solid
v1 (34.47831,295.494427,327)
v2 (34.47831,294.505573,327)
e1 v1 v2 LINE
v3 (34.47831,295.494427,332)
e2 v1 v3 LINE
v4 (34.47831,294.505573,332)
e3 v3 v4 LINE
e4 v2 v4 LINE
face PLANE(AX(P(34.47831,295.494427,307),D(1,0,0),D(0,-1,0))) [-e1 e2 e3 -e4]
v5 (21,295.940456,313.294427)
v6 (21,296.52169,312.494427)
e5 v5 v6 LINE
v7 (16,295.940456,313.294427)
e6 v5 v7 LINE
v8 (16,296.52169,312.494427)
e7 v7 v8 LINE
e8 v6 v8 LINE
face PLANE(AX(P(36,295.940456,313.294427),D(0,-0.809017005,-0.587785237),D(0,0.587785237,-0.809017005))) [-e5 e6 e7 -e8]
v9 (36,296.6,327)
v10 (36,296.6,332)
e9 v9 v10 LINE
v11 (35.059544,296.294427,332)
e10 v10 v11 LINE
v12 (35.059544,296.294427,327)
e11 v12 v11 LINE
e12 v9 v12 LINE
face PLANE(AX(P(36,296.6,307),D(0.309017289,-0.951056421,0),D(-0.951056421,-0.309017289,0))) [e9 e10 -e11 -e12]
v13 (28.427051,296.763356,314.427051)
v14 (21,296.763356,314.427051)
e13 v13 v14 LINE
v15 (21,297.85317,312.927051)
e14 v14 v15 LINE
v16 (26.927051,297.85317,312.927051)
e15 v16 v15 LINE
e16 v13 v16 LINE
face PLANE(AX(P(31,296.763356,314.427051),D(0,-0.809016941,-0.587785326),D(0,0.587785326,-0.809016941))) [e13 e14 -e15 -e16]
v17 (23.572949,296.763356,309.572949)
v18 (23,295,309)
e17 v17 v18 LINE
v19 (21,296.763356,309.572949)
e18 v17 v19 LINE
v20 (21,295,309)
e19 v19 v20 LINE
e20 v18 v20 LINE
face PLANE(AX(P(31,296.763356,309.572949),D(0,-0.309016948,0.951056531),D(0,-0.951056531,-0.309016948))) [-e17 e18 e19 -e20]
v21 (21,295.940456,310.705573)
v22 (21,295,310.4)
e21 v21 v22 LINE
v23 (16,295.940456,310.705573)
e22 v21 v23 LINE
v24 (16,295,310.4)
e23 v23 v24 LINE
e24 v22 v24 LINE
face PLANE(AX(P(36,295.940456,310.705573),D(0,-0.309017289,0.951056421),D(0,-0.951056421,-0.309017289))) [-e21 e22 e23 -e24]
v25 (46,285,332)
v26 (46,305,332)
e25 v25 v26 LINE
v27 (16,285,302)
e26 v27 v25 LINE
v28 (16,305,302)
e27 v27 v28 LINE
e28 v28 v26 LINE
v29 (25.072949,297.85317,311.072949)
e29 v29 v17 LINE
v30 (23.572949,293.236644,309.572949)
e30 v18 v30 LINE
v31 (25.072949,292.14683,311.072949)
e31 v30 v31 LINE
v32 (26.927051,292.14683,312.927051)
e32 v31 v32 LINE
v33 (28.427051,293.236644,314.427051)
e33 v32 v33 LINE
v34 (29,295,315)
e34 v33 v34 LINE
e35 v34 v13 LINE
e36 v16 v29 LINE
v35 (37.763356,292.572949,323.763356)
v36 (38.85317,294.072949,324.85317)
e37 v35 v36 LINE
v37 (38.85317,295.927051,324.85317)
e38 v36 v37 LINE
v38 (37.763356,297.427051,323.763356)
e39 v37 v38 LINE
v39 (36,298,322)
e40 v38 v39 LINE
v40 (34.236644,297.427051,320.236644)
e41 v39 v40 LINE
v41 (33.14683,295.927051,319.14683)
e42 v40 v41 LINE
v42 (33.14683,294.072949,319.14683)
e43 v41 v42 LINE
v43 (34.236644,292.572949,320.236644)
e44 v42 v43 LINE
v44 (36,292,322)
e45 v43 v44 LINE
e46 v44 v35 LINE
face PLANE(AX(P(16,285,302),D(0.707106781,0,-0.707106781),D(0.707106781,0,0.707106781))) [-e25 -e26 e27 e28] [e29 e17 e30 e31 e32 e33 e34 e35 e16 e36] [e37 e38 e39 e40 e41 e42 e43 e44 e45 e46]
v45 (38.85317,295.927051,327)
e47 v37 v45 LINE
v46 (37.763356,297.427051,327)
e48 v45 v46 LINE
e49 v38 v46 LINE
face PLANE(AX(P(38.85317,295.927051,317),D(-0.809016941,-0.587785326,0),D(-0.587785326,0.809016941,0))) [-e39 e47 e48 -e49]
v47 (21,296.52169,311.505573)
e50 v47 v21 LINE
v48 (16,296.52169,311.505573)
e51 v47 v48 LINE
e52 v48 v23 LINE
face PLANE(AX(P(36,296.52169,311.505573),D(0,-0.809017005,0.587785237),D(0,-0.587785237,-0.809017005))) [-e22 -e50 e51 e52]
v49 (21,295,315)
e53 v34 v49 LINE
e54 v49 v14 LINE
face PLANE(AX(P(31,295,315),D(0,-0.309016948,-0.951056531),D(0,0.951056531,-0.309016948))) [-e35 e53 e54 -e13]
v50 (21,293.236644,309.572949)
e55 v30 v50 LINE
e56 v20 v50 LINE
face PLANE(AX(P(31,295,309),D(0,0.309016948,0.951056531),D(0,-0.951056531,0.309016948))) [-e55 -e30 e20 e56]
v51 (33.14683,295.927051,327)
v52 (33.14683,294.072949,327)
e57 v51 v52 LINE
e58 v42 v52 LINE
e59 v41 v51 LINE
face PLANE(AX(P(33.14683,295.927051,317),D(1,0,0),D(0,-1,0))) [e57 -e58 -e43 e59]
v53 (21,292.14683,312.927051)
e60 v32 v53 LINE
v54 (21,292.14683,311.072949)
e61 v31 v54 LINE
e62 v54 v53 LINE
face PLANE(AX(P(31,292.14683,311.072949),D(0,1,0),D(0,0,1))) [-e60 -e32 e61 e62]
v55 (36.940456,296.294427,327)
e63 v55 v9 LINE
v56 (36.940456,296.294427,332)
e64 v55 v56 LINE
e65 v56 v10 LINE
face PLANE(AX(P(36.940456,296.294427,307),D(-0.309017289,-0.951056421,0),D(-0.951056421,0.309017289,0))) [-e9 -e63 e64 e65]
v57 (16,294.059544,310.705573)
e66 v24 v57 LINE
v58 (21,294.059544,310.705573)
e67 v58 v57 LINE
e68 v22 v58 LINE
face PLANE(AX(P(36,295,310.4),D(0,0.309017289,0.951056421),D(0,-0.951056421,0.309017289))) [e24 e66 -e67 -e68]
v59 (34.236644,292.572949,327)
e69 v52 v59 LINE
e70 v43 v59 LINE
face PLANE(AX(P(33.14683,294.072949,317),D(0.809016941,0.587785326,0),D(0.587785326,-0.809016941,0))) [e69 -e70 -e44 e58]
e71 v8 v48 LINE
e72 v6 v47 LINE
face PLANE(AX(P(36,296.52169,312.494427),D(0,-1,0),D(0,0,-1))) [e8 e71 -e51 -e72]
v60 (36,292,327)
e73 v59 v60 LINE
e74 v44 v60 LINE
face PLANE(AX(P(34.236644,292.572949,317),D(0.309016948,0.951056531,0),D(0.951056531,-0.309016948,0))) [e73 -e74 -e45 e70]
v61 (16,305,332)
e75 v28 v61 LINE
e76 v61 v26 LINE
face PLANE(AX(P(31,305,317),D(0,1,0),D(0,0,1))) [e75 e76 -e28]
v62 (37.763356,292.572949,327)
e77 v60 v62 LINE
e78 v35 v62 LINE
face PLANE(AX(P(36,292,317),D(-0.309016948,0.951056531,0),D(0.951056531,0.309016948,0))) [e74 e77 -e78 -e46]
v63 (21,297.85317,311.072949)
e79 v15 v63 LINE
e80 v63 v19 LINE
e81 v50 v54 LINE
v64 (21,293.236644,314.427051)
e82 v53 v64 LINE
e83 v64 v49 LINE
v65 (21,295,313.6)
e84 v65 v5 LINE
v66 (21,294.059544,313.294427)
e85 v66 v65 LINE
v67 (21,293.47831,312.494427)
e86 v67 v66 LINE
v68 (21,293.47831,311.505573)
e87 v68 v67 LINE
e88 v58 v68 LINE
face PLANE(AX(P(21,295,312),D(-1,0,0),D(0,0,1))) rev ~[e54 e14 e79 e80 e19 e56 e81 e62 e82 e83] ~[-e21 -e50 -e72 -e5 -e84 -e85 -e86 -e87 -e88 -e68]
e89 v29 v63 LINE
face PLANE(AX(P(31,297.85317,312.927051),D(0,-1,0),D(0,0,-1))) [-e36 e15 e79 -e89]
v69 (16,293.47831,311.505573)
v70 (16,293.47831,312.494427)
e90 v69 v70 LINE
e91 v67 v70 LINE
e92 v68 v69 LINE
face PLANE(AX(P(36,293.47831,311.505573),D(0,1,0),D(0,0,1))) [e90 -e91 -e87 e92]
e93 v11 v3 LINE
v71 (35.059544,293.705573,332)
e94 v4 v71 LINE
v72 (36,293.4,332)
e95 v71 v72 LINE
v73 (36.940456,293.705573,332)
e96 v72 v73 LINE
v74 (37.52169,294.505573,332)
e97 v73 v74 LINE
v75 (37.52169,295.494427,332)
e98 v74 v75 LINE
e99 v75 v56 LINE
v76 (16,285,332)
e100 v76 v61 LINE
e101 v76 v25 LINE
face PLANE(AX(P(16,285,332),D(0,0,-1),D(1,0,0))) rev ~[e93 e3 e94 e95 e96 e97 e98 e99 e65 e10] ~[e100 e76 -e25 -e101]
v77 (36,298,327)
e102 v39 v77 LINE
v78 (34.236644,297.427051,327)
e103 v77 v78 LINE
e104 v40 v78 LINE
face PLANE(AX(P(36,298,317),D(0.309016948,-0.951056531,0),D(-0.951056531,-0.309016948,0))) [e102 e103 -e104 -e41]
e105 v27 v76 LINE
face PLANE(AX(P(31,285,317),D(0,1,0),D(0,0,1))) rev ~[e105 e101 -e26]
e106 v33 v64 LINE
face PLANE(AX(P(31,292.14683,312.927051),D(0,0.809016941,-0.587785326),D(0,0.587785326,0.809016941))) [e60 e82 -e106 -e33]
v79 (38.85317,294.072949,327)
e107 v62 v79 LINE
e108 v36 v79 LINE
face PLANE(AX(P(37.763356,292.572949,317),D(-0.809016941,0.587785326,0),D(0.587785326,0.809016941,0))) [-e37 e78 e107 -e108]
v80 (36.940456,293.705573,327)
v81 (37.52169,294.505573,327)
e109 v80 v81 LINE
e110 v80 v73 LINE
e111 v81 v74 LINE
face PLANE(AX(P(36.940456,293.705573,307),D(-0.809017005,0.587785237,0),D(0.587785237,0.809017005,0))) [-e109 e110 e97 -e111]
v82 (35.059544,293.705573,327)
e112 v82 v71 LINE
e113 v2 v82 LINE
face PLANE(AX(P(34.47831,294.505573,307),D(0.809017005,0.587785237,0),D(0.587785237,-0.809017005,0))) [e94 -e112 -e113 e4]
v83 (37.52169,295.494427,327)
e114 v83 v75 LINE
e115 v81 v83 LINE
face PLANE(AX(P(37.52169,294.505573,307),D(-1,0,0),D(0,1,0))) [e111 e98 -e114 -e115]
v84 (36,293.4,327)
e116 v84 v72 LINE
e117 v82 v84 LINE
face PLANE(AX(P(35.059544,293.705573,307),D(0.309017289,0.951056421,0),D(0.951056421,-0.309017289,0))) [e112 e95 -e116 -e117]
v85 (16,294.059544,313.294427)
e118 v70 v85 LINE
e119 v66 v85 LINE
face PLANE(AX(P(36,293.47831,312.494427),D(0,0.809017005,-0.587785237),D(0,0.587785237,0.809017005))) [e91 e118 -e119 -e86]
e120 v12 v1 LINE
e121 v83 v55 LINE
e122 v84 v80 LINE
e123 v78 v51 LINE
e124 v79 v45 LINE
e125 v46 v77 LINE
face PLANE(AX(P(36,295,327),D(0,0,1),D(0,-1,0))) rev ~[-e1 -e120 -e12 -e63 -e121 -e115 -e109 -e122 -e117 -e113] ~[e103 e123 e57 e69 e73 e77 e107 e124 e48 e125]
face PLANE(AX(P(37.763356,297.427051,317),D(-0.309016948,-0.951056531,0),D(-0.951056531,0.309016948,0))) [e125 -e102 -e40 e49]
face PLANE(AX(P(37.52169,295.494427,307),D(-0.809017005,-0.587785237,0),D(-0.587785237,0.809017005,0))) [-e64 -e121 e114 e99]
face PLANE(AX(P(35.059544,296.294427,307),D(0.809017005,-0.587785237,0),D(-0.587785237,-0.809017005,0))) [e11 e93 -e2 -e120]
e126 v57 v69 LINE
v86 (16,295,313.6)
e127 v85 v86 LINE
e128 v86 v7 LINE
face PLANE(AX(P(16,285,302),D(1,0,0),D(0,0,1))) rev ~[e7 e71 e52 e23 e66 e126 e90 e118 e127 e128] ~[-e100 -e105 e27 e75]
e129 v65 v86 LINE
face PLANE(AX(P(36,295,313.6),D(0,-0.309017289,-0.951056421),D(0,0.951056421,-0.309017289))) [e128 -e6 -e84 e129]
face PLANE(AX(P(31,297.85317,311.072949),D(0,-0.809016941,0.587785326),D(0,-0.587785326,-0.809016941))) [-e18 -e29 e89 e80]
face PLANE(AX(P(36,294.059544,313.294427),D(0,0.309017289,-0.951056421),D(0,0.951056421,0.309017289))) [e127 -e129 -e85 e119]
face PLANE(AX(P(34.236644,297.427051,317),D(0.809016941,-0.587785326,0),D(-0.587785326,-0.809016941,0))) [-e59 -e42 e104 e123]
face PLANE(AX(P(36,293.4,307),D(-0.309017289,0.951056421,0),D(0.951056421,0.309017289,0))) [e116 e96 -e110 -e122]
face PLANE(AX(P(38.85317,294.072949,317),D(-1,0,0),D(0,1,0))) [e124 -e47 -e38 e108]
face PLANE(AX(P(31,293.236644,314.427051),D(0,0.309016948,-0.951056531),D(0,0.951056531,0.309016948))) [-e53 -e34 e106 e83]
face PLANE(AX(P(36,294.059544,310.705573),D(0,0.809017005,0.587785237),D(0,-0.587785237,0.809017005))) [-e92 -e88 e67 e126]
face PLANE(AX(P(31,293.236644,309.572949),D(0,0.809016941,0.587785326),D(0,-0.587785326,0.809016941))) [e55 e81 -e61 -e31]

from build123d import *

# Parameters (mm, degrees)
PRISM094_DEPTH                = 30
PRISM094_PITCH_ANGLE          = 90
PRISM095_DEPTH                = 10
PRISM095_PITCH_ANGLE          = 90
PRISM096_DEPTH                = 30
PRISM096_ROLL_ANGLE           = 90
PRISM097_DEPTH                = 10
PRISM097_ROLL_ANGLE           = 90
CUBE092_W                     = 60
CUBE092_H                     = 30
CUBE092_DEPTH                 = 20
CUBE092_PLACEMENT_ANGLE       = 45
CUBE091_W                     = 30
CUBE091_H                     = 30
CUBE091_DEPTH                 = 20
DIFFERENCE055_PITCH_ANGLE     = -90
DIFFERENCE055_PLACEMENT_ANGLE = -90


with BuildPart() as prism094:
    # prism094 → prism094 (new body)
    with BuildSketch(Plane.XY):
        Polygon((1.6, 0), (1.294427, 0.940456), (0.494427, 1.52169), (-0.494427, 1.52169), (-1.294427, 0.940456), (-1.6, 0), (-1.294427, -0.940456), (-0.494427, -1.52169), (0.494427, -1.52169), (1.294427, -0.940456), align=None)
    extrude(amount=PRISM094_DEPTH)


with BuildPart() as prism094_1:
    # prism094 pitch: moved
    add(prism094.part.rotate(Axis((0, 0, 0), (0, 1, 0)), PRISM094_PITCH_ANGLE))


with BuildPart() as prism094_2:
    # prism094 placement: moved
    add(prism094_1.part.moved(Location((5, 20, 10))))


with BuildPart() as prism095:
    # prism095 → prism095 (new body)
    with BuildSketch(Plane.XY):
        Polygon((3, 0), (2.427051, 1.763356), (0.927051, 2.85317), (-0.927051, 2.85317), (-2.427051, 1.763356), (-3, 0), (-2.427051, -1.763356), (-0.927051, -2.85317), (0.927051, -2.85317), (2.427051, -1.763356), align=None)
    extrude(amount=PRISM095_DEPTH)


with BuildPart() as prism095_1:
    # prism095 pitch: moved
    add(prism095.part.rotate(Axis((0, 0, 0), (0, 1, 0)), PRISM095_PITCH_ANGLE))


with BuildPart() as prism095_2:
    # prism095 placement: moved
    add(prism095_1.part.moved(Location((15, 20, 10))))


with BuildPart() as prism096:
    # prism096 → prism096 (new body)
    with BuildSketch(Plane.XY):
        Polygon((1.6, 0), (1.294427, 0.940456), (0.494427, 1.52169), (-0.494427, 1.52169), (-1.294427, 0.940456), (-1.6, 0), (-1.294427, -0.940456), (-0.494427, -1.52169), (0.494427, -1.52169), (1.294427, -0.940456), align=None)
    extrude(amount=PRISM096_DEPTH)


with BuildPart() as prism096_1:
    # prism096 roll: moved
    add(prism096.part.rotate(Axis((0, 0, 0), (1, 0, 0)), PRISM096_ROLL_ANGLE))


with BuildPart() as prism096_2:
    # prism096 placement: moved
    add(prism096_1.part.moved(Location((10, 20, 10))))


with BuildPart() as prism097:
    # prism097 → prism097 (new body)
    with BuildSketch(Plane.XY):
        Polygon((3, 0), (2.427051, 1.763356), (0.927051, 2.85317), (-0.927051, 2.85317), (-2.427051, 1.763356), (-3, 0), (-2.427051, -1.763356), (-0.927051, -2.85317), (0.927051, -2.85317), (2.427051, -1.763356), align=None)
    extrude(amount=PRISM097_DEPTH)


with BuildPart() as prism097_1:
    # prism097 roll: moved
    add(prism097.part.rotate(Axis((0, 0, 0), (1, 0, 0)), PRISM097_ROLL_ANGLE))


with BuildPart() as prism097_2:
    # prism097 placement: moved
    add(prism097_1.part.moved(Location((10, 15, 10))))


with BuildPart() as union044:
    # cube092 → cube092 (new body)
    with BuildSketch(Plane.XY):
        with Locations((30, 15)):
            Rectangle(CUBE092_W, CUBE092_H)
    extrude(amount=CUBE092_DEPTH)


with BuildPart() as union044_1:
    # cube092 placement: moved
    add(union044.part.rotate(Axis((0, 0, 0), (0, 0, 1)), CUBE092_PLACEMENT_ANGLE))

    # union044: union prism094, prism095, prism096, prism097
    add(prism094_2.part)
    add(prism095_2.part)
    add(prism096_2.part)
    add(prism097_2.part)


with BuildPart() as difference055:
    # cube091 → cube091 (new body)
    with BuildSketch(Plane.XY):
        with Locations((15, 15)):
            Rectangle(CUBE091_W, CUBE091_H)
    extrude(amount=CUBE091_DEPTH)

    # difference055: cut union044
    add(union044_1.part, mode=Mode.SUBTRACT)


with BuildPart() as difference055_1:
    # difference055 pitch: moved
    add(difference055.part.rotate(Axis((0, 0, 0), (0, 1, 0)), DIFFERENCE055_PITCH_ANGLE))


with BuildPart() as difference055_2:
    # difference055 placement: moved
    add(difference055_1.part.moved(Location((16, 285, 302))).rotate(Axis((16, 285, 302), (0, 0, 1)), DIFFERENCE055_PLACEMENT_ANGLE))


solid = difference055_2.part
